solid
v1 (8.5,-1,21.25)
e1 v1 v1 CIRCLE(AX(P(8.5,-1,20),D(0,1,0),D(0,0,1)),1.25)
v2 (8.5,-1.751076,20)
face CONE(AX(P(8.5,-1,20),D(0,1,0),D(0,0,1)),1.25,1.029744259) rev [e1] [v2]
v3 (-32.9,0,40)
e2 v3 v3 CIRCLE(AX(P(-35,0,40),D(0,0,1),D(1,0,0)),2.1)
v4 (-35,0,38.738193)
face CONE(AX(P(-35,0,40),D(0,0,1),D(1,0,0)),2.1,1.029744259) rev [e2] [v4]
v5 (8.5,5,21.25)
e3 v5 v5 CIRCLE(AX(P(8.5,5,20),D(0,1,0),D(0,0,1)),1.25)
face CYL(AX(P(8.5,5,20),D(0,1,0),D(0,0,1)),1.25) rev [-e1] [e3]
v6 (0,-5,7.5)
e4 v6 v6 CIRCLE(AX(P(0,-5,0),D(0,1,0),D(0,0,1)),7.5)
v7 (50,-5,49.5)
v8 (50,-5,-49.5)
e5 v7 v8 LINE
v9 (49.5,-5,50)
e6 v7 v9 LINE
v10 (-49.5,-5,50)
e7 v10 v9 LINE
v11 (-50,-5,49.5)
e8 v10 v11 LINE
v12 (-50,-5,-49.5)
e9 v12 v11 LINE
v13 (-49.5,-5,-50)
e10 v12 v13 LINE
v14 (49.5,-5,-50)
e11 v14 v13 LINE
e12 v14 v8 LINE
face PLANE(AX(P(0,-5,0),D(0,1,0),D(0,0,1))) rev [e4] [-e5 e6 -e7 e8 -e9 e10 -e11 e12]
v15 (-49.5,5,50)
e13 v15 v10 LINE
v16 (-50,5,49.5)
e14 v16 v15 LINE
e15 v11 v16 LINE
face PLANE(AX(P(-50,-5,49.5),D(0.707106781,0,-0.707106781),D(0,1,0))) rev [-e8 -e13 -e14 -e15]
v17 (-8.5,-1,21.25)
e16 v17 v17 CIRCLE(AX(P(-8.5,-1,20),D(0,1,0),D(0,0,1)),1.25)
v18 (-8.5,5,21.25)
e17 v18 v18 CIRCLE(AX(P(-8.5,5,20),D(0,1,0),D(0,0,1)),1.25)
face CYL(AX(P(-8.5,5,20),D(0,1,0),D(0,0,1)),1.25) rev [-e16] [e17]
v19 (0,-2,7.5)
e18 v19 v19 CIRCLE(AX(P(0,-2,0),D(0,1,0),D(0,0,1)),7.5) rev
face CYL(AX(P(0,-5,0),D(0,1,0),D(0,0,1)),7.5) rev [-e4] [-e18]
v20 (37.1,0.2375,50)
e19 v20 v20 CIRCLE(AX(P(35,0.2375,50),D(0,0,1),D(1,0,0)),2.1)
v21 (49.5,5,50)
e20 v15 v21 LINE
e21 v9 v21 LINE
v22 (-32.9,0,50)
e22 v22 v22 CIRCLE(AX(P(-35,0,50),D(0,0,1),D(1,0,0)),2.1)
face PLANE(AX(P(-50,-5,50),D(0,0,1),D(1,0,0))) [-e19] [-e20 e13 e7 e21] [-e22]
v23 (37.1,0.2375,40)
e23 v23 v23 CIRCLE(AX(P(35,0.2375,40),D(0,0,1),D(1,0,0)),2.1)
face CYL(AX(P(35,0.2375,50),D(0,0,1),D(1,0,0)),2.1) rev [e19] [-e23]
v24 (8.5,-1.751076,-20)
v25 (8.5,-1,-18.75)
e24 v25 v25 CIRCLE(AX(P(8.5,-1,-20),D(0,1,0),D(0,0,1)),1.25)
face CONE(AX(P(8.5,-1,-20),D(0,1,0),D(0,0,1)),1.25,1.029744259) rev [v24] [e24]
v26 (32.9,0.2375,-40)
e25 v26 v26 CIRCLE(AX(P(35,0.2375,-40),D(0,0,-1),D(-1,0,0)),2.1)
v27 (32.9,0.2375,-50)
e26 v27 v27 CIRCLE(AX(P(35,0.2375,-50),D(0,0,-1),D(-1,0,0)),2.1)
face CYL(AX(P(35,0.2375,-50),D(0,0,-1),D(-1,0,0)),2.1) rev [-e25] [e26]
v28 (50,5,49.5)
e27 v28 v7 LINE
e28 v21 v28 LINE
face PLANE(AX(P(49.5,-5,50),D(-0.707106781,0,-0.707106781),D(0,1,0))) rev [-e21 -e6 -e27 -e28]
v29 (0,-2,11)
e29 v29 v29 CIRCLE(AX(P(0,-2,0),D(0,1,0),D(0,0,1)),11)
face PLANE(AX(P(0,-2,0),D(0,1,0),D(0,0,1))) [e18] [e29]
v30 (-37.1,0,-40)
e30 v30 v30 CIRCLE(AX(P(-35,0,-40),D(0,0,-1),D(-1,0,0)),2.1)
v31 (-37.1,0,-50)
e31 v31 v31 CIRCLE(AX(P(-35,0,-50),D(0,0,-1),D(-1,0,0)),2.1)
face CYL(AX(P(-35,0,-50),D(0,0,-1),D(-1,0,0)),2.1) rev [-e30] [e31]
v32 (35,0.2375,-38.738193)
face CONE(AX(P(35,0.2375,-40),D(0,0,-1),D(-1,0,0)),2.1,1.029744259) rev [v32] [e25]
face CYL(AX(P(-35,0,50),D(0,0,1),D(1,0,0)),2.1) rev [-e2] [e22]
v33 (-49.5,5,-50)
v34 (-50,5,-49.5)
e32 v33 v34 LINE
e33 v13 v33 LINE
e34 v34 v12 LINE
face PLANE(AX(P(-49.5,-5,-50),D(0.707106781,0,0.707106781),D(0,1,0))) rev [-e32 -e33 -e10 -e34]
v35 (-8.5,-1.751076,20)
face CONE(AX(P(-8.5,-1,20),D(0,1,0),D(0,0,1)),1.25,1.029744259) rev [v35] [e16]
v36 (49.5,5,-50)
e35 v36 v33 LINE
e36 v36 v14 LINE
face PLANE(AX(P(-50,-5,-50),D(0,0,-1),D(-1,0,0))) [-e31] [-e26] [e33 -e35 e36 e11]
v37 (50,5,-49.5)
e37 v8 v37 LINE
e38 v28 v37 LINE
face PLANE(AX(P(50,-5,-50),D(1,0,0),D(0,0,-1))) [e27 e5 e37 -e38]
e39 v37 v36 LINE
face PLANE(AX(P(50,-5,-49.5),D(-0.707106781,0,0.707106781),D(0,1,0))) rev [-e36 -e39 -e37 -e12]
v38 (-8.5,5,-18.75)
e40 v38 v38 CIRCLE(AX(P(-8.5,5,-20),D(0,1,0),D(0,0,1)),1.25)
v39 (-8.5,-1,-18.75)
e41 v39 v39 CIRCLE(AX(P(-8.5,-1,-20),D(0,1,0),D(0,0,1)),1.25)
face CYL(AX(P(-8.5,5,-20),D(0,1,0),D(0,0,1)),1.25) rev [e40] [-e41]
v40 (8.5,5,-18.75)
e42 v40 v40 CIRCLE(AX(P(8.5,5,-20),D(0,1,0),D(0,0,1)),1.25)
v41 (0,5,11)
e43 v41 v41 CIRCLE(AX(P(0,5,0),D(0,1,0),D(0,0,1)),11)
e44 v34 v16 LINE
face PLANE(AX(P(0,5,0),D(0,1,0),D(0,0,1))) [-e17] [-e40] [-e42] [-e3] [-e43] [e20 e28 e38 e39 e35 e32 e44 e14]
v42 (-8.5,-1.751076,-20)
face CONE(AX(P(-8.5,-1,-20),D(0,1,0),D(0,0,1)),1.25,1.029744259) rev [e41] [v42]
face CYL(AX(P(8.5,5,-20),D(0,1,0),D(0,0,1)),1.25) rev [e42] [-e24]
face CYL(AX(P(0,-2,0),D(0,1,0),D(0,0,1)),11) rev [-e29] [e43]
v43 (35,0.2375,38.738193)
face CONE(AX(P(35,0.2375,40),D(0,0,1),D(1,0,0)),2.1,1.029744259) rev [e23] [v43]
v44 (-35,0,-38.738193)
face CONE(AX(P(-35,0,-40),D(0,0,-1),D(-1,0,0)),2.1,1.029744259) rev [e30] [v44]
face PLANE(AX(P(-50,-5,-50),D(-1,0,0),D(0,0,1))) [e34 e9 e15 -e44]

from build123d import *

# Parameters (mm, degrees)
BOSS_EXTRUDE1_DEPTH                  = 5
BOSS_EXTRUDE1_DEPTH_BACK             = 5
SKETCH1_W                            = 100
SKETCH1_H                            = 100
SKETCH1_R                            = 7.5
SKETCH2_R                            = 11
CUT_EXTRUDE1_DEPTH                   = 7
TAP_DRILL_FOR_M5X0_8_TAP1_AT_2_COUNT = 2
TAP_DRILL_FOR_M5X0_8_TAP1_AT_2_PITCH = 70.000402901
TAP_DRILL_FOR_M3X0_5_TAP2_D          = 2.5
TAP_DRILL_FOR_M3X0_5_TAP2_DEPTH      = 6
TAP_DRILL_FOR_M3X0_5_TAP2_TIP        = 0.751075774
CHAMFER1_SIZE                        = 0.5


with BuildPart() as part:
    # Sketch1 → Boss-Extrude1 (new, two sides: drawn at the far end of the back side and taken through both)
    with BuildSketch(Plane(origin=(0, 0, 0), x_dir=(1, 0, 0), z_dir=(0, 1, 0)).offset(-BOSS_EXTRUDE1_DEPTH_BACK)):
        Rectangle(SKETCH1_W, SKETCH1_H)
        with Locations(Location((0, 0, 0), (0, 0, 270))):
            Circle(SKETCH1_R, mode=Mode.SUBTRACT)
    extrude(amount=BOSS_EXTRUDE1_DEPTH + BOSS_EXTRUDE1_DEPTH_BACK)

    # Sketch2 → Cut-Extrude1 (cut)
    with BuildSketch(Plane(origin=(0, 5, 0), x_dir=(1, 0, 0), z_dir=(0, 1, 0))):
        with Locations(Location((0, 0, 0), (0, 0, 270))):
            Circle(SKETCH2_R)
    extrude(amount=-CUT_EXTRUDE1_DEPTH, mode=Mode.SUBTRACT)

    # Sketch6 → Tap Drill for M5x0.8 Tap1 (revolve, cut)
    with BuildSketch(Plane(origin=(-35, 0, 50), x_dir=(0, -1, 0), z_dir=(1, 0, 0))):
        Polygon((0, 0), (0, 11.2618073), (2.1, 10), (2.1, 0), align=None)
    tap_drill_for_m5x0_8_tap1 = revolve(axis=Axis((-35, 0, 56.35), (0, 0, -1)), mode=Mode.SUBTRACT)

    # Tap Drill for M5x0.8 Tap1 at 2: Tap Drill for M5x0.8 Tap1 ×2
    with Locations(*[Vector(0.9999942443098965, 0.0033928376146228614, 0) * (i * TAP_DRILL_FOR_M5X0_8_TAP1_AT_2_PITCH) for i in range(1, TAP_DRILL_FOR_M5X0_8_TAP1_AT_2_COUNT)]):
        add(tap_drill_for_m5x0_8_tap1, mode=Mode.SUBTRACT)

    # Mirror1: Tap Drill for M5x0.8 Tap1 across plane
    add(tap_drill_for_m5x0_8_tap1.mirror(Plane(origin=(0, 0, 0), x_dir=(1, 0, 0), z_dir=(0, 0, -1))), mode=Mode.SUBTRACT)

    # Mirror1 copy 1 sketch → Mirror1 copy 1 (revolve, cut)
    with BuildSketch(Plane(origin=(35, 0.2375, -50), x_dir=(0, -1, 0), z_dir=(1, 0, 0))):
        Polygon((0, 0), (0, -11.2618073), (2.1, -10), (2.1, 0), align=None)
    revolve(axis=Axis((35, 0.2375, -56.35), (0, 0, -1)), mode=Mode.SUBTRACT)

    # Tap Drill for M3x0.5 Tap2
    with Locations(Plane(origin=(0, 5, 0), x_dir=(1, 0, 0), z_dir=(0, 1, 0))):
        with Locations((-8.5, -20), (8.5, -20), (8.5, 20), (-8.5, 20)):
            Hole(TAP_DRILL_FOR_M3X0_5_TAP2_D / 2, depth=TAP_DRILL_FOR_M3X0_5_TAP2_DEPTH)
            with Locations((0, 0, -(TAP_DRILL_FOR_M3X0_5_TAP2_DEPTH + TAP_DRILL_FOR_M3X0_5_TAP2_TIP / 2))):  # 118° drill point
                Cone(0, TAP_DRILL_FOR_M3X0_5_TAP2_D / 2, TAP_DRILL_FOR_M3X0_5_TAP2_TIP, mode=Mode.SUBTRACT)

    # Chamfer1
    chamfer1_edges = [part.edges().sort_by_distance(p)[0] for p in [
        (-50, 0, -50),
        (50, 0, -50),
        (50, 0, 50),
        (-50, 0, 50),
    ]]
    chamfer(chamfer1_edges, length=CHAMFER1_SIZE)


solid = part.part
